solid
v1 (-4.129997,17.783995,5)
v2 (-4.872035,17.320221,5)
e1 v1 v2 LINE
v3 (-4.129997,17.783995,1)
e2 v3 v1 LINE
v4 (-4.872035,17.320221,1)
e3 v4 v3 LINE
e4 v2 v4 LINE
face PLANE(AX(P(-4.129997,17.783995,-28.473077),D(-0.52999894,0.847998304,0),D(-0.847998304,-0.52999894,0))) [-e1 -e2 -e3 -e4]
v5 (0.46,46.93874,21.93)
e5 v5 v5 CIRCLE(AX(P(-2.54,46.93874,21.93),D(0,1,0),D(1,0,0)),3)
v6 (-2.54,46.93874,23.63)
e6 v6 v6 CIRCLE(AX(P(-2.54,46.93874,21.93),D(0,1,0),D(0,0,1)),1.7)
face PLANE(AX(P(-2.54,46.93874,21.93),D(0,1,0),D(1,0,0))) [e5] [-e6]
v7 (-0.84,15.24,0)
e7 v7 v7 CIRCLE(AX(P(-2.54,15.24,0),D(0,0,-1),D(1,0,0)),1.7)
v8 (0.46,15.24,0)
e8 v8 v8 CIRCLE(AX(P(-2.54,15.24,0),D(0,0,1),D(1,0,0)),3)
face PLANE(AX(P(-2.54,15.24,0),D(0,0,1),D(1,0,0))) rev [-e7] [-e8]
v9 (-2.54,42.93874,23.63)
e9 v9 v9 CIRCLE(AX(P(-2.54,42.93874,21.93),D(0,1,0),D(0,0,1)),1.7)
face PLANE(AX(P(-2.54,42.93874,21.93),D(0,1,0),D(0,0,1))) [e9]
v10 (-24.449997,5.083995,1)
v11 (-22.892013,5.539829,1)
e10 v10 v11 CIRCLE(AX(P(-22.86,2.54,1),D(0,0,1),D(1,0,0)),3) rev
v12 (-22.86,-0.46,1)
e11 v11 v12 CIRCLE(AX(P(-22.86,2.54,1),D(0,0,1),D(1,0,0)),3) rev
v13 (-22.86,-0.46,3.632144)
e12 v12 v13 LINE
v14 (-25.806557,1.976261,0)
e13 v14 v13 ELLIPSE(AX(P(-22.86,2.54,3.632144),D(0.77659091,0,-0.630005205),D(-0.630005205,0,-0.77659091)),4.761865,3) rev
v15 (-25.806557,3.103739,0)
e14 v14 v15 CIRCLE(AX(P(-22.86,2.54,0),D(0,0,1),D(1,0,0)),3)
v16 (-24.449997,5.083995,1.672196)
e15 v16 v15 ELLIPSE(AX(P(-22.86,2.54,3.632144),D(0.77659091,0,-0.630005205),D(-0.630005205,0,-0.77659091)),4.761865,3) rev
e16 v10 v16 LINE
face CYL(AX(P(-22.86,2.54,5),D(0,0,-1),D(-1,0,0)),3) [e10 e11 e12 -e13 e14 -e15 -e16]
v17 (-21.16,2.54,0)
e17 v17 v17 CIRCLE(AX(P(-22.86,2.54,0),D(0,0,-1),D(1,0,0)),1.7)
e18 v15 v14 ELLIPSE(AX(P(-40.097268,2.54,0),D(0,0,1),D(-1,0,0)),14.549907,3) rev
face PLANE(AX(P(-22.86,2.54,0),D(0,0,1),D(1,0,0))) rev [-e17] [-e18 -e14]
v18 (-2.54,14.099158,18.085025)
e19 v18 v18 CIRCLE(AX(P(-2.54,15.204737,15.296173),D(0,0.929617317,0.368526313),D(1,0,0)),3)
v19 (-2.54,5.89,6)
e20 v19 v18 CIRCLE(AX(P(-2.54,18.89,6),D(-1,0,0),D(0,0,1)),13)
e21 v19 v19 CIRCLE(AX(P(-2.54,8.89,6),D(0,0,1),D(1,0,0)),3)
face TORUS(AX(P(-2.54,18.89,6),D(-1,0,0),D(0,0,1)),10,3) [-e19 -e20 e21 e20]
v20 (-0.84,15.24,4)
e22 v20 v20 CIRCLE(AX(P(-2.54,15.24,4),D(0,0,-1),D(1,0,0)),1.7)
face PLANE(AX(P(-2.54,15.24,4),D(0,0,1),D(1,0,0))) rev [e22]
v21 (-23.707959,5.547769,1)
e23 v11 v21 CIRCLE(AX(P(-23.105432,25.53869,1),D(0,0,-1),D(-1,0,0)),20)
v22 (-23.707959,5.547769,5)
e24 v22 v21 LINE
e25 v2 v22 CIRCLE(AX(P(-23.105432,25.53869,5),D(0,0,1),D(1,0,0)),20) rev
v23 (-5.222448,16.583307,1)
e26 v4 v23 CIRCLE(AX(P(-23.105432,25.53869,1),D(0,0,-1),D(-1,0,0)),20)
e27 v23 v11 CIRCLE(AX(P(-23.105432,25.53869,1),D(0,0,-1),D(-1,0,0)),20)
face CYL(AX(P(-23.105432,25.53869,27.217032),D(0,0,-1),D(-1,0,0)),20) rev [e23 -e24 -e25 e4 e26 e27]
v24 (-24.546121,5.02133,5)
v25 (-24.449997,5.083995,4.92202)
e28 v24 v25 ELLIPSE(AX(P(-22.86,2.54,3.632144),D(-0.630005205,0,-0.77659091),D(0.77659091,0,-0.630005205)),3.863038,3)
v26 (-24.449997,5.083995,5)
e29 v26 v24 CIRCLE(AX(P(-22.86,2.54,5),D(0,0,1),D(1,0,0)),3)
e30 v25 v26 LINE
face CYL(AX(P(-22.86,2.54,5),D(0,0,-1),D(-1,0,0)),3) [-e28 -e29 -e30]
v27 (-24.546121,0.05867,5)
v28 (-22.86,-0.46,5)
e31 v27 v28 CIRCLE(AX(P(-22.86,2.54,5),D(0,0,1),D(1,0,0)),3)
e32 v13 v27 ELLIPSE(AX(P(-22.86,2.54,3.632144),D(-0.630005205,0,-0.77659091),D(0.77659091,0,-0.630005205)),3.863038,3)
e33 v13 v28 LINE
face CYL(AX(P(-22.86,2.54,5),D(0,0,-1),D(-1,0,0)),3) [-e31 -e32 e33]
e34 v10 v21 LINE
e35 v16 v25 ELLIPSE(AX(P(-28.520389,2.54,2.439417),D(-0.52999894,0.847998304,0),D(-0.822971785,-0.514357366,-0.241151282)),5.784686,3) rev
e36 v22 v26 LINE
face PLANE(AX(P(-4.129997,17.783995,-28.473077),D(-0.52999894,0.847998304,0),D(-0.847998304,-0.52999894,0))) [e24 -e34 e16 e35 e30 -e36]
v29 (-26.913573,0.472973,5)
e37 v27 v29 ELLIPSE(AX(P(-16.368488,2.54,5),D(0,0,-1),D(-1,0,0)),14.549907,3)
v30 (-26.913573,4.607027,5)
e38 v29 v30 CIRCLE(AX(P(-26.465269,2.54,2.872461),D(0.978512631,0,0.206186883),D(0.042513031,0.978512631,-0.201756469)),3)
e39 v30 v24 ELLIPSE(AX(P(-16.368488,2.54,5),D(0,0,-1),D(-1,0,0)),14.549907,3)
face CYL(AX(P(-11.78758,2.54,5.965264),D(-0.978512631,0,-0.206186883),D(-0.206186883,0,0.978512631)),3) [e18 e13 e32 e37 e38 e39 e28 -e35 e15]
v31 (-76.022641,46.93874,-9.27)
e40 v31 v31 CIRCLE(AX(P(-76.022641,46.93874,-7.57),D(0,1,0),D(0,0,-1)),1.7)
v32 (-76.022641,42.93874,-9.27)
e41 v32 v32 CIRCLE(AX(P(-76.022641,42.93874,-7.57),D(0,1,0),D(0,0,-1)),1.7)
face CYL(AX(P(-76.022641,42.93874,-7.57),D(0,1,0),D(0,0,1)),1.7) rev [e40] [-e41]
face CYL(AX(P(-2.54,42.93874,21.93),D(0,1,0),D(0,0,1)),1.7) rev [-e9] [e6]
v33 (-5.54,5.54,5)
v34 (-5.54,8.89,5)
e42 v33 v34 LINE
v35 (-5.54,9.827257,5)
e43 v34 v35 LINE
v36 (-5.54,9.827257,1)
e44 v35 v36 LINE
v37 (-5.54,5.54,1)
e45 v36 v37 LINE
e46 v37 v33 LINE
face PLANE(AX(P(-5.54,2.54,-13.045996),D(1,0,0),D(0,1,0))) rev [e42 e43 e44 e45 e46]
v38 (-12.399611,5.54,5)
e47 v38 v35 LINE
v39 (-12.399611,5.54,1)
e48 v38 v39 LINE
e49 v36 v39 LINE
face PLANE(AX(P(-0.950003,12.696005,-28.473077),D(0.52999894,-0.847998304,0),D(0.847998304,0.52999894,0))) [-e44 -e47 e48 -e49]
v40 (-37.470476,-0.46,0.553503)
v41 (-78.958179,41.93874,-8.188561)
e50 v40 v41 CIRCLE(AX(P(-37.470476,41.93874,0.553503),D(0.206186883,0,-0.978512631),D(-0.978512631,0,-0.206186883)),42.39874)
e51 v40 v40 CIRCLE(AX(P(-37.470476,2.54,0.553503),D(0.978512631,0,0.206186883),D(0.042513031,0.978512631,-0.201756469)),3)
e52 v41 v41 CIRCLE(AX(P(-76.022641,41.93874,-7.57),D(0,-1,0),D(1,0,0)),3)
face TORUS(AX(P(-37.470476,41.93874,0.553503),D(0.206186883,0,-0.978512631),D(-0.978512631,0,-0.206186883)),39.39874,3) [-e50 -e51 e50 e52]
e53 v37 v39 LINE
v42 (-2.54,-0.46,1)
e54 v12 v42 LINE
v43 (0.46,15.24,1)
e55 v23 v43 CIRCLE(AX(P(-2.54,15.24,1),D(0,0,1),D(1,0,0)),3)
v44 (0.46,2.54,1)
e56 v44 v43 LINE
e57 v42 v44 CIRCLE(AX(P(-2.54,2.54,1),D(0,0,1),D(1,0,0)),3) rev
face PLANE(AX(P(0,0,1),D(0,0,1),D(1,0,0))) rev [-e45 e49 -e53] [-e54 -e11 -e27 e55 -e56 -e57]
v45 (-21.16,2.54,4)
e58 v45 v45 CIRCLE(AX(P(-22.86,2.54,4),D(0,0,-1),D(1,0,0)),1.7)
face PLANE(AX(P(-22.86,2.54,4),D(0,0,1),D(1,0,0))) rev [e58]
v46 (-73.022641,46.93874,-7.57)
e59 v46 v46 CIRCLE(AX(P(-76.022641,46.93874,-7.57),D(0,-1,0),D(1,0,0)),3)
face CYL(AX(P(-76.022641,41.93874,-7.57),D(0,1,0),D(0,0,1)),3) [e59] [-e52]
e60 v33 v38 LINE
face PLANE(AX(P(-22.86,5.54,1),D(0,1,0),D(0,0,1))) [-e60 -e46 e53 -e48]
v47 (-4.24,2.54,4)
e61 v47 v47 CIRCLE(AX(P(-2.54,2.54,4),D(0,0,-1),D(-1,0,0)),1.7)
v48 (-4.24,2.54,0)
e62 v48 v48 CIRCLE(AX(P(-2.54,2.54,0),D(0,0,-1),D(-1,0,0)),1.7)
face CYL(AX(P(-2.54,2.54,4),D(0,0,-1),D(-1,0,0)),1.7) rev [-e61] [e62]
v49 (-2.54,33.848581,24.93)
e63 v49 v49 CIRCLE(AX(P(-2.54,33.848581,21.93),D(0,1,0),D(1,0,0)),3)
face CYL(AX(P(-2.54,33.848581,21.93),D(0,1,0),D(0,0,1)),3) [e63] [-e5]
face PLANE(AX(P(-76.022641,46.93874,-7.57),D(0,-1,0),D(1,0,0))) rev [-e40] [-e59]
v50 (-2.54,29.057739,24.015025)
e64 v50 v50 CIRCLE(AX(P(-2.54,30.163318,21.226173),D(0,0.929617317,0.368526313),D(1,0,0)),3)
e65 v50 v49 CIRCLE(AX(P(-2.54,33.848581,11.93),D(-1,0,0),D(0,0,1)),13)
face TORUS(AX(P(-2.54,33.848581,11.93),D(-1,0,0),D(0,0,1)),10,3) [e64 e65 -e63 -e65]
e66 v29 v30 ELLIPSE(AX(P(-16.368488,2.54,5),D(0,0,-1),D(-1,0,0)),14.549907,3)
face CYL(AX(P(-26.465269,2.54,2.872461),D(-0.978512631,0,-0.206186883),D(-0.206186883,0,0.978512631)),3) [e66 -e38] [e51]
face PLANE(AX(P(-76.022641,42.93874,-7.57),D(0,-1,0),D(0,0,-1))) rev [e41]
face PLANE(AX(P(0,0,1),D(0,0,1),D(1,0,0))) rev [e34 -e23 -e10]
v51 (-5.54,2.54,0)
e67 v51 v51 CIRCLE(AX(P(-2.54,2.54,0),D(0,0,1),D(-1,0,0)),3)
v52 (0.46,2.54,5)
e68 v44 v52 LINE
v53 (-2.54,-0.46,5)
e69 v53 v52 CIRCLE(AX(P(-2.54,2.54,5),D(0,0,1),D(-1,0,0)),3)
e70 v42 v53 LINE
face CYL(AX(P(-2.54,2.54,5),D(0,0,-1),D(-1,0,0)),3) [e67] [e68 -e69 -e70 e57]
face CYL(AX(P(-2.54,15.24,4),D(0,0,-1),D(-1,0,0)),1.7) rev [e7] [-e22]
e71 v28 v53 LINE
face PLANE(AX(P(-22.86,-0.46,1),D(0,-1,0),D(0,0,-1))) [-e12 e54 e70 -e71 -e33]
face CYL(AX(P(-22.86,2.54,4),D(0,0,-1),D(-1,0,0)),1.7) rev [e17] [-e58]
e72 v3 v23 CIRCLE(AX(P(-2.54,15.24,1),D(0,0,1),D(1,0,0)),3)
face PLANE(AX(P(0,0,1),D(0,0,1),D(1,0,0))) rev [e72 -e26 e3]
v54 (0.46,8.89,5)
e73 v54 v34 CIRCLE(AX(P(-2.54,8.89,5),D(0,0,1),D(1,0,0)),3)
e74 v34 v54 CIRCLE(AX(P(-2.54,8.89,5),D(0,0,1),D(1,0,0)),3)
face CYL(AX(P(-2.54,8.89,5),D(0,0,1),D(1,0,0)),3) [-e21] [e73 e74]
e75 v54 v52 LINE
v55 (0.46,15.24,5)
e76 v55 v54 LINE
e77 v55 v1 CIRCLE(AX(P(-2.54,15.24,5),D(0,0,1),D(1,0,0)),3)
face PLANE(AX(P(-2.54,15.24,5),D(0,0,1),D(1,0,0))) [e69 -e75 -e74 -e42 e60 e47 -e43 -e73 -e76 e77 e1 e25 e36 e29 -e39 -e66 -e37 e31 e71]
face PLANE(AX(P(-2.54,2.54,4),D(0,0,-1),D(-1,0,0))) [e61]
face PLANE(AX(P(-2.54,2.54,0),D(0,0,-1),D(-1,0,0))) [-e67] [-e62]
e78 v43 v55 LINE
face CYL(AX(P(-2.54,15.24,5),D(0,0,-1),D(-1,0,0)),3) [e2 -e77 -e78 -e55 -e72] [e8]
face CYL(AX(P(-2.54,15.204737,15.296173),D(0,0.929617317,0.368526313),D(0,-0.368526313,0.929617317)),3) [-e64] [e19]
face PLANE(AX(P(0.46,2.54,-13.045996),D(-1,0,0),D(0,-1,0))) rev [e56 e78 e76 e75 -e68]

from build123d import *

# Parameters (mm, degrees)
SKIZZE1_R                         = 3
AUFSATZ_LINEAR_AUSTRAGEN1_DEPTH   = 5
AUFSATZ_LINEAR_AUSTRAGEN1_2_DEPTH = 5
AUFSATZ_LINEAR_AUSTRAGEN1_3_DEPTH = 5
SKIZZE3_R                         = 3
SKIZZE6_W                         = 20.32
SKIZZE6_H                         = 6
AUFSATZ_LINEAR_AUSTRAGEN2_DEPTH   = 4
AUFSATZ_LINEAR_START              = -5
SKIZZE8_W                         = 6
SKIZZE8_H                         = 12.7
AUFSATZ_LINEAR_AUSTRAGEN3_DEPTH   = 4
AUFSATZ_LINEAR_AUSTRAGEN4_DEPTH   = 4
SKIZZE14_R                        = 3
SCHNITT_LINEAR_AUSTRAGEN2_DEPTH   = 48.39873951
SKIZZE16_R                        = 1.7
SCHNITT_LINEAR_AUSTRAGEN3_DEPTH   = 4
SKIZZE17_R                        = 1.7
SCHNITT_LINEAR_AUSTRAGEN4_DEPTH   = 4
SCHNITT_LINEAR_AUSTRAGEN6_DEPTH   = 4


with BuildPart() as part:
    # Skizze1 → Aufsatz-Linear austragen1 (new body)
    with BuildSketch(Plane.XY):
        with Locations((-2.54, 15.24)):
            Circle(SKIZZE1_R)
    extrude(amount=AUFSATZ_LINEAR_AUSTRAGEN1_DEPTH)



with BuildPart() as body_2:
    # Skizze1 → Aufsatz-Linear austragen1 2 (new body)
    with BuildSketch(Plane.XY):
        with Locations((-2.54, 2.54)):
            Circle(SKIZZE1_R)
    extrude(amount=AUFSATZ_LINEAR_AUSTRAGEN1_2_DEPTH)



with BuildPart() as body_3:
    # Skizze1 → Aufsatz-Linear austragen1 3 (new body)
    with BuildSketch(Plane.XY):
        with Locations((-22.86, 2.54)):
            Circle(SKIZZE1_R)
    extrude(amount=AUFSATZ_LINEAR_AUSTRAGEN1_3_DEPTH)


with BuildPart() as body_4:
    # Austragung1: sweep along a path in Skizze2
    with BuildLine(Plane(origin=(0, 0, 0), x_dir=(0, 0, -1), z_dir=(1, 0, 0))) as austragung1_path:
        Line((-21.93, 46.93873951), (-21.93, 33.848580958))
        ThreePointArc((-21.93, 33.848580958), (-21.752467402, 31.972645421), (-21.226173172, 30.163317826))
        Line((-21.226173172, 30.163317826), (-15.296173172, 15.204736868))
        ThreePointArc((-15.296173172, 15.204736868), (-11.619046569, 10.617979953), (-6, 8.89))
        Line((-6, 8.89), (-5, 8.89))
    # Skizze3 → Austragung1 (sweep)
    with BuildSketch(Plane.XY.offset(5)):
        with Locations((-2.54, 8.89)):
            Circle(SKIZZE3_R)
    sweep(path=austragung1_path.line)


with BuildPart() as body_2_1:
    add(body_2.part)

    add(body_3.part)  # Aufsatz-Linear austragen2 merges body 3
    # Skizze6 → Aufsatz-Linear austragen2 (add)
    with BuildSketch(Plane.XY.offset(5)):
        with Locations((-12.7, 2.54)):
            Rectangle(SKIZZE6_W, SKIZZE6_H)
    extrude(amount=-AUFSATZ_LINEAR_AUSTRAGEN2_DEPTH)


with BuildPart() as part_1:
    add(part.part)

    add(body_2_1.part)  # Aufsatz-Linear austragen3 merges body 2

    add(body_4.part)  # Aufsatz-Linear austragen3 merges body 4
    # Skizze8 → Aufsatz-Linear austragen3 (add)
    with BuildSketch(Plane(origin=(0, 0, 0), x_dir=(-1, 0, 0), z_dir=(0, 0, -1)).offset(AUFSATZ_LINEAR_START)):
        with Locations((2.54, 8.89)):
            Rectangle(SKIZZE8_W, SKIZZE8_H)
    extrude(amount=AUFSATZ_LINEAR_AUSTRAGEN3_DEPTH)

    # Skizze9 → Aufsatz-Linear austragen4 (add)
    with BuildSketch(Plane(origin=(0, 0, 0), x_dir=(-1, 0, 0), z_dir=(0, 0, -1)).offset(AUFSATZ_LINEAR_START)):
        Polygon((4.12999682, 17.783994912), (0.95000318, 12.696005088), (21.27000318, -0.003994912), (24.44999682, 5.083994912), align=None)
    extrude(amount=AUFSATZ_LINEAR_AUSTRAGEN4_DEPTH)

    # Austragung3: sweep along a path in Skizze12
    with BuildLine(Plane(origin=(-70.149644345, 31.847131815, -6.332474017), x_dir=(0.978512631, 0, 0.206186883), z_dir=(0.206186883, 0, -0.978512631))) as austragung3_path:
        Line((-6.001962715, -15.091607694), (-6.001962715, -10.091607694))
        ThreePointArc((-6.001962715, -10.091607694), (5.537660917, 17.767508183), (33.396776795, 29.307131815))
        Line((33.396776795, 29.307131815), (44.6436495, 29.307131815))
        Line((44.6436495, 29.307131815), (59.6436495, 29.307131815))
    # Skizze14 → Austragung3 (sweep)
    with BuildSketch(Plane(origin=(0, 46.93873951, 0), x_dir=(-1, 0, 0), z_dir=(0, -1, 0))):
        with Locations((76.022640673, 7.57)):
            Circle(SKIZZE14_R)
    sweep(path=austragung3_path.line)

    # Skizze15 → Schnitt-Linear austragen2 (cut, through all)
    with BuildSketch(Plane(origin=(0, -0.46, 0), x_dir=(-1, 0, 0), z_dir=(0, -1, 0))):
        Polygon((11.584184705, -5), (12.406140588, -8.900802043), (30.918395198, -5), align=None)
    extrude(amount=-SCHNITT_LINEAR_AUSTRAGEN2_DEPTH, mode=Mode.SUBTRACT)

    # Skizze16 → Schnitt-Linear austragen3 (cut)
    with BuildSketch(Plane(origin=(0, 46.93873951, 0), x_dir=(1, 0, 0), z_dir=(0, 1, 0))):
        with Locations((-2.54, -21.93)):
            Circle(SKIZZE16_R)
        with Locations((-76.022640673, 7.57)):
            Circle(SKIZZE16_R)
    extrude(amount=-SCHNITT_LINEAR_AUSTRAGEN3_DEPTH, mode=Mode.SUBTRACT)

    # Skizze17 → Schnitt-Linear austragen4 (cut)
    with BuildSketch(Plane(origin=(0, 0, 0), x_dir=(-1, 0, 0), z_dir=(0, 0, -1))):
        with Locations((2.54, 2.54)):
            Circle(SKIZZE17_R)
        with Locations((2.54, 15.24)):
            Circle(SKIZZE17_R)
        with Locations((22.86, 2.54)):
            Circle(SKIZZE17_R)
    extrude(amount=-SCHNITT_LINEAR_AUSTRAGEN4_DEPTH, mode=Mode.SUBTRACT)

    # Skizze19 → Schnitt-Linear austragen6 (cut)
    with BuildSketch(Plane(origin=(0, 0, 1), x_dir=(-1, 0, 0), z_dir=(0, 0, -1))):
        with BuildLine():
            Line((4.872034586, 17.320221308), (23.707959054, 5.547768516))
            ThreePointArc((23.707959054, 5.547768516), (12.505452744, 8.57872439), (4.872034586, 17.320221308))
        make_face()
    extrude(amount=-SCHNITT_LINEAR_AUSTRAGEN6_DEPTH, mode=Mode.SUBTRACT)


solid = part_1.part
